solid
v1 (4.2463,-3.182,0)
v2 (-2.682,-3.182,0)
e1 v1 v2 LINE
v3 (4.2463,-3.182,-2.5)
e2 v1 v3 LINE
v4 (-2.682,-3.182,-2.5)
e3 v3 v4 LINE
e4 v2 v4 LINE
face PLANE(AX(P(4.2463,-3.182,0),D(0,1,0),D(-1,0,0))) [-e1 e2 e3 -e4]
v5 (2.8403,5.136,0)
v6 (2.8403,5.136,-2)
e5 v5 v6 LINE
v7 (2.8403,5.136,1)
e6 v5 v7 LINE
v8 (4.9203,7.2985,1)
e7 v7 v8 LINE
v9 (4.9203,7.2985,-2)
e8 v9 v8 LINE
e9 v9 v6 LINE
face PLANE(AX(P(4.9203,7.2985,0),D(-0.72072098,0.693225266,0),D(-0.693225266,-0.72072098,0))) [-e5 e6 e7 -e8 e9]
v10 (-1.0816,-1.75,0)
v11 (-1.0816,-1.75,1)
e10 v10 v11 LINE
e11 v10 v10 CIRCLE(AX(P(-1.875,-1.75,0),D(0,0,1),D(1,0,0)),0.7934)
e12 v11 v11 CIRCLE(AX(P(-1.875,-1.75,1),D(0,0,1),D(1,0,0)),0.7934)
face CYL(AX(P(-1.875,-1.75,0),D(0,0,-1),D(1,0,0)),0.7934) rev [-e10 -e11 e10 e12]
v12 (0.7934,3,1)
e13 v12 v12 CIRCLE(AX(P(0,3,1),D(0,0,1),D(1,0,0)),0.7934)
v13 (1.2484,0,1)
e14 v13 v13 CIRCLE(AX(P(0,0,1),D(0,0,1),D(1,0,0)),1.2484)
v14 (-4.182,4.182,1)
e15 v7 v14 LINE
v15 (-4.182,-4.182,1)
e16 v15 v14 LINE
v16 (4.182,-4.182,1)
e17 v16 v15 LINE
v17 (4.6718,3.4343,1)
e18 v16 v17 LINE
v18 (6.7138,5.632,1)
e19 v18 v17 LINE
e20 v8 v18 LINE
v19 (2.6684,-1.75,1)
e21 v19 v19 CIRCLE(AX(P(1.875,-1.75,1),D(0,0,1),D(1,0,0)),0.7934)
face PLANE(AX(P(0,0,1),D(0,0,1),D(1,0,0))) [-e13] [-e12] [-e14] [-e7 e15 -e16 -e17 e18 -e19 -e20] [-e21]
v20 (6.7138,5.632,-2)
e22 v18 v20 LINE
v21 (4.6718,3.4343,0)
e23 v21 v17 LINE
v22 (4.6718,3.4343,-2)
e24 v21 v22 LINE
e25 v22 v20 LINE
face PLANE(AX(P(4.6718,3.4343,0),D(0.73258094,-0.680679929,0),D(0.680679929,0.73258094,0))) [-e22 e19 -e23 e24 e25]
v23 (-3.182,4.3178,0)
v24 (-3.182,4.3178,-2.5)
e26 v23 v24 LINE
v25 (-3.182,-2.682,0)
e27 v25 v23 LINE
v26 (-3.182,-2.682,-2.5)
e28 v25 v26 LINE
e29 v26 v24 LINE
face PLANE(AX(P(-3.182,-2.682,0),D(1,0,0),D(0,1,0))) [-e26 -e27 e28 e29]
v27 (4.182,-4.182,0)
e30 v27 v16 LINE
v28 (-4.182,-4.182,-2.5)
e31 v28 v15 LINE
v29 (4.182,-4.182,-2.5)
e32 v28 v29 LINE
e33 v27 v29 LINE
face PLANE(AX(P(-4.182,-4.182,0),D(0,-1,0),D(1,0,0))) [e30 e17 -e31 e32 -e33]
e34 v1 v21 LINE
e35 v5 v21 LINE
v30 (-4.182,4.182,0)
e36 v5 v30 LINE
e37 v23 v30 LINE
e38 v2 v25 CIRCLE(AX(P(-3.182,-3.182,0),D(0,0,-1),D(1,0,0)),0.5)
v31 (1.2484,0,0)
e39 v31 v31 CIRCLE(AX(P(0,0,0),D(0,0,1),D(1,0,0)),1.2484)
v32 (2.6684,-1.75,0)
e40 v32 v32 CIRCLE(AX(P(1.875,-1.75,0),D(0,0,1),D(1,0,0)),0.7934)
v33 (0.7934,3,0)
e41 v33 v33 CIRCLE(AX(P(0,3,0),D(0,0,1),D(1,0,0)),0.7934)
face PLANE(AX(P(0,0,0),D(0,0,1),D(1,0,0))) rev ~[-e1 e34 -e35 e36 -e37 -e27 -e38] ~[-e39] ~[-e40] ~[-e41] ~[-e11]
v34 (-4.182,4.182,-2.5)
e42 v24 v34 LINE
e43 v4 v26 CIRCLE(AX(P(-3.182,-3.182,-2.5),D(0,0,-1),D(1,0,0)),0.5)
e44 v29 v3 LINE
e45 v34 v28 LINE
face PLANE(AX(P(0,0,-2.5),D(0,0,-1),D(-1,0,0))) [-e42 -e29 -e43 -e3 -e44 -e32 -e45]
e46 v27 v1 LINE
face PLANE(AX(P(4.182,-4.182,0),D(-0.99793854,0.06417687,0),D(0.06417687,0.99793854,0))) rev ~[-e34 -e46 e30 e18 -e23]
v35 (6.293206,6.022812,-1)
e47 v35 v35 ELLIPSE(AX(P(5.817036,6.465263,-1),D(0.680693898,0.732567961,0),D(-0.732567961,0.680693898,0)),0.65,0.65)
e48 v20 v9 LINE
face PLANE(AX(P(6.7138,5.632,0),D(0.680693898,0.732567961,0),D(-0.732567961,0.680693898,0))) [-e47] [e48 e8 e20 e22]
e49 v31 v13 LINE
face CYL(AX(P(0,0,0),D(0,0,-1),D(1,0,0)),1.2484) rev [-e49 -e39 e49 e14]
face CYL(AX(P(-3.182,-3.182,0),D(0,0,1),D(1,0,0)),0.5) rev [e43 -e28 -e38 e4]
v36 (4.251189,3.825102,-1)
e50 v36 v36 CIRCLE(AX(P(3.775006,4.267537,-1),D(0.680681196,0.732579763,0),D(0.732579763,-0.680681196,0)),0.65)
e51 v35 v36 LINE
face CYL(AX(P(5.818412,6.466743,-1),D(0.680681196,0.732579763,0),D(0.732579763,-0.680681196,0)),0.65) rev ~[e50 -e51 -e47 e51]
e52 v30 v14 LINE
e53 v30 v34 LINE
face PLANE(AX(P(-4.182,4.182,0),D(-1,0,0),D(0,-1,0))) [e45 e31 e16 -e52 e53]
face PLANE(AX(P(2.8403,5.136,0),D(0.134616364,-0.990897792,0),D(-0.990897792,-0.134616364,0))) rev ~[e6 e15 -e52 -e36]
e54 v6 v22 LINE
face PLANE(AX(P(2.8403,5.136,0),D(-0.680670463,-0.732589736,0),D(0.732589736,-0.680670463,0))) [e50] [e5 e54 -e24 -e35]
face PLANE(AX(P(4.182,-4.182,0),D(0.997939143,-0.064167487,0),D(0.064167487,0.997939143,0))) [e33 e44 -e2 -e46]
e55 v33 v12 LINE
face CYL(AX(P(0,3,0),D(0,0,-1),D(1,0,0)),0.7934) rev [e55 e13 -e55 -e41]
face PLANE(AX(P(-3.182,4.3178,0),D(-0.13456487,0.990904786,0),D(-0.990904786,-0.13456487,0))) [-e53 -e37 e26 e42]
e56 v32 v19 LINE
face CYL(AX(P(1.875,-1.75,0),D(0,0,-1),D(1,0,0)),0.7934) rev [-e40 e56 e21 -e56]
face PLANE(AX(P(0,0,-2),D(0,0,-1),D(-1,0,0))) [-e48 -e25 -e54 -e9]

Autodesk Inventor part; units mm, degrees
ref_plane "YZ Plane" through (0, 0, 0) normal (1, 0, 0) x (0, 1, 0)
ref_plane "XZ Plane" through (0, 0, 0) normal (0, 1, 0) x (-1, 0, 0)
ref_plane "XY Plane" through (0, 0, 0) normal (0, 0, 1) x (1, 0, 0)
sketch "Sketch1" plane through (0, 0, 0) normal (0, 0, 1) x (1, 0, 0)
  line L0 (3.7674, 2.461) -> (4.3315, 3.068) construction
  line L1 (4.3315, 3.068) -> (2.5, 4.7697) construction
  line L2 (2.5, 4.7697) -> (2.94, 6) construction
  line L3 (2.94, 6) -> (-2, 6) construction
  line L4 (-2, 6) -> (-2, 4.0311) construction
  arc A0 (-2, 4.0311) -> (-3.182, 3.182) centre (0, 0) ccw construction
  line L5 (-3.182, 3.182) -> (-3.182, -3.182) construction
  line L6 (-3.182, -3.182) -> (3.182, -3.182) construction
  arc A1 (3.182, -3.182) -> (3.7674, 2.461) centre (0, 0) ccw construction
  circle A2 centre (0, 0) radius 1.2484
  circle A3 centre (0, 3) radius 0.7934
  circle A4 centre (1.875, -1.75) radius 0.7934
  circle A5 centre (-1.875, -1.75) radius 0.7934
  circle A6 centre (0, 0) radius 4 construction
  line L7 (-2, -4.0311) -> (-2, -3.182) construction
  arc A7 (-2, -4.0311) -> (3.182, -3.182) centre (0, 0) ccw construction
  line L8 (-2, -3.182) -> (3.182, -3.182) construction
  arc A8 (-2, 4.0311) -> (-2, -4.0311) centre (0, 0) ccw construction
  line L9 (-3.182, 3.182) -> (-4.182, 3.182) construction
  line L10 (-4.182, 3.182) -> (-4.182, 4.182) construction
  line L11 (-4.182, 4.182) -> (-3.182, 4.182) construction
  line L12 (-3.182, 4.182) -> (-3.182, 3.182) construction
  line L13 (3.182, -3.182) -> (4.182, -3.182) construction
  line L14 (4.182, -3.182) -> (4.182, -4.182) construction
  line L15 (4.182, -4.182) -> (3.182, -4.182) construction
  line L16 (3.182, -4.182) -> (3.182, -3.182) construction
  line L17 (4.182, -4.182) -> (-4.182, -4.182) construction
  line L18 (-4.182, -4.182) -> (-4.182, -3.182) construction
  line L19 (-4.182, -3.182) -> (4.182, -3.182) construction
  line L20 (4.182, -3.182) -> (4.182, -4.182) construction
  line L21 (-4.182, 4.182) -> (-3.182, 4.182) construction
  line L22 (-3.182, 4.182) -> (-3.182, -4.182) construction
  line L23 (-3.182, -4.182) -> (-4.182, -4.182) construction
  line L24 (-4.182, -4.182) -> (-4.182, 4.182) construction
  line L25 (4.3315, 3.068) -> (6.7138, 5.632) construction
  line L26 (4.3315, 3.068) -> (4.6718, 3.4343) construction
  line L27 (4.6718, 3.4343) -> (2.6832, 5.282) construction
  line L28 (6.7138, 5.632) -> (4.8824, 7.3337) construction
  line L29 (2.5, 4.7697) -> (4.8824, 7.3337) construction
  line L30 (2.8403, 5.136) -> (-3.182, 4.182) construction
  line L31 (4.6718, 3.4343) -> (4.182, -3.182) construction
  circle A9 centre (-3.182, -3.182) radius 0.5 construction
  line L32 (-4.182, 4.182) -> (-4.182, -4.182)
  line L33 (-4.182, -4.182) -> (4.182, -4.182)
  line L34 (4.182, -4.182) -> (4.6718, 3.4343)
  line L35 (6.7138, 5.632) -> (4.6718, 3.4343)
  line L36 (6.7138, 5.632) -> (4.9203, 7.2985)
  line L37 (4.9203, 7.2985) -> (2.8403, 5.136)
  line L38 (2.8403, 5.136) -> (-4.182, 4.182)
  dimension "d0" = 1
  dimension "d1" = 1
  dimension "d2" = 1
  dimension "d3" = 1
  dimension "d4" = 3.5
  dimension "d5" = 0.5
extrude "Extrusion1" add sketch "Sketch1" along normal blind 1
sketch "Sketch2" plane through (0, 0, 1) normal (0, 0, 1) x (1, 0, 0)
  circle A0 centre (0, 0) radius 1.2484
  circle A1 centre (0, 3) radius 0.7934
  line L0 (-3.182, -3.182) -> (3.182, -3.182) construction
  circle A2 centre (0, 0) radius 4 construction
  line L1 (-3.182, 3.182) -> (-3.182, -3.182) construction
  arc A3 (-2, 4.0311) -> (-2, -4.0311) centre (0, 0) ccw construction
  arc A4 (-2, 4.0311) -> (-3.182, 3.182) centre (0, 0) ccw construction
  arc A5 (3.182, -3.182) -> (3.7674, 2.461) centre (0, 0) ccw construction
  line L2 (3.7674, 2.461) -> (4.3315, 3.068) construction
  line L3 (4.3315, 3.068) -> (2.5, 4.7697) construction
  line L4 (-2, -3.182) -> (3.182, -3.182) construction
  arc A6 (-2, -4.0311) -> (3.182, -3.182) centre (0, 0) ccw construction
  line L5 (-2, -4.0311) -> (-2, -3.182) construction
  circle A7 centre (-1.875, -1.75) radius 0.7934
  line L6 (-2, 6) -> (-2, 4.0311) construction
  line L7 (2.5, 4.7697) -> (2.94, 6) construction
  line L8 (2.94, 6) -> (-2, 6) construction
  circle A8 centre (1.875, -1.75) radius 0.7934
  line L9 (-3.182, 3.182) -> (-4.182, 3.182) construction
  line L10 (-4.182, 3.182) -> (-4.182, 4.182) construction
  line L11 (-4.182, 4.182) -> (-3.182, 4.182) construction
  line L12 (-3.182, 4.182) -> (-3.182, 3.182) construction
  line L13 (3.182, -3.182) -> (4.182, -3.182) construction
  line L14 (4.182, -3.182) -> (4.182, -4.182) construction
  line L15 (4.182, -4.182) -> (3.182, -4.182) construction
  line L16 (3.182, -4.182) -> (3.182, -3.182) construction
  line L17 (4.182, -4.182) -> (-4.182, -4.182) construction
  line L18 (-4.182, -4.182) -> (-4.182, -3.182) construction
  line L19 (-4.182, -3.182) -> (4.182, -3.182) construction
  line L20 (4.182, -3.182) -> (4.182, -4.182) construction
  line L21 (-4.182, 4.182) -> (-3.182, 4.182) construction
  line L22 (-3.182, 4.182) -> (-3.182, -4.182) construction
  line L23 (-3.182, -4.182) -> (-4.182, -4.182) construction
  line L24 (-4.182, -4.182) -> (-4.182, 4.182) construction
  line L25 (4.3315, 3.068) -> (6.7138, 5.632) construction
  line L26 (4.3315, 3.068) -> (4.6718, 3.4343) construction
  line L27 (4.6718, 3.4343) -> (2.6832, 5.282) construction
  line L28 (6.7138, 5.632) -> (4.8824, 7.3337) construction
  line L29 (2.5, 4.7697) -> (4.8824, 7.3337) construction
  line L30 (2.8403, 5.136) -> (-3.182, 4.182) construction
  line L31 (4.6718, 3.4343) -> (4.182, -3.182) construction
  arc A9 (-3.182, -2.682) -> (-2.682, -3.182) centre (-3.182, -3.182) ccw
  line L32 (-4.182, 4.182) -> (-4.182, -4.182)
  line L33 (-4.182, -4.182) -> (4.182, -4.182)
  line L34 (4.182, -4.182) -> (4.6718, 3.4343)
  line L35 (6.7138, 5.632) -> (4.6718, 3.4343)
  line L36 (6.7138, 5.632) -> (4.9203, 7.2985)
  line L37 (4.9203, 7.2985) -> (2.8403, 5.136)
  line L38 (2.8403, 5.136) -> (-4.182, 4.182)
  line L39 (-3.182, -2.682) -> (-3.182, 4.3178)
  line L40 (2.8403, 5.136) -> (-4.182, 4.182) projected
  line L41 (-2.682, -3.182) -> (4.2463, -3.182)
  dimension "d8" = 1
  dimension "d9" = 1
  dimension "d10" = 1
  dimension "d11" = 1
  dimension "d12" = 3.5
  dimension "d13" = 0.5
extrude "Extrusion2" add sketch "Sketch2" along normal blind 2.5 contours A9 L41 L34 L33 L32 L38 L39
sketch "Sketch3" plane through (0, 0, 1) normal (0, 0, 1) x (1, 0, 0)
  circle A0 centre (0, 0) radius 1.2484
  circle A1 centre (0, 3) radius 0.7934
  line L0 (-3.182, -3.182) -> (3.182, -3.182) construction
  circle A2 centre (0, 0) radius 4 construction
  line L1 (-3.182, 3.182) -> (-3.182, -3.182) construction
  arc A3 (-2, 4.0311) -> (-2, -4.0311) centre (0, 0) ccw construction
  arc A4 (-2, 4.0311) -> (-3.182, 3.182) centre (0, 0) ccw construction
  arc A5 (3.182, -3.182) -> (3.7674, 2.461) centre (0, 0) ccw construction
  line L2 (3.7674, 2.461) -> (4.3315, 3.068) construction
  line L3 (4.3315, 3.068) -> (2.5, 4.7697) construction
  line L4 (-2, -3.182) -> (3.182, -3.182) construction
  arc A6 (-2, -4.0311) -> (3.182, -3.182) centre (0, 0) ccw construction
  line L5 (-2, -4.0311) -> (-2, -3.182) construction
  circle A7 centre (-1.875, -1.75) radius 0.7934
  line L6 (-2, 6) -> (-2, 4.0311) construction
  line L7 (2.5, 4.7697) -> (2.94, 6) construction
  line L8 (2.94, 6) -> (-2, 6) construction
  circle A8 centre (1.875, -1.75) radius 0.7934
  line L9 (-3.182, 3.182) -> (-4.182, 3.182) construction
  line L10 (-4.182, 3.182) -> (-4.182, 4.182) construction
  line L11 (-4.182, 4.182) -> (-3.182, 4.182) construction
  line L12 (-3.182, 4.182) -> (-3.182, 3.182) construction
  line L13 (3.182, -3.182) -> (4.182, -3.182) construction
  line L14 (4.182, -3.182) -> (4.182, -4.182) construction
  line L15 (4.182, -4.182) -> (3.182, -4.182) construction
  line L16 (3.182, -4.182) -> (3.182, -3.182) construction
  line L17 (4.182, -4.182) -> (-4.182, -4.182) construction
  line L18 (-4.182, -4.182) -> (-4.182, -3.182) construction
  line L19 (-4.182, -3.182) -> (4.182, -3.182) construction
  line L20 (4.182, -3.182) -> (4.182, -4.182) construction
  line L21 (-4.182, 4.182) -> (-3.182, 4.182) construction
  line L22 (-3.182, 4.182) -> (-3.182, -4.182) construction
  line L23 (-3.182, -4.182) -> (-4.182, -4.182) construction
  line L24 (-4.182, -4.182) -> (-4.182, 4.182) construction
  line L25 (4.3315, 3.068) -> (6.7138, 5.632) construction
  line L26 (4.3315, 3.068) -> (4.6718, 3.4343) construction
  line L27 (4.6718, 3.4343) -> (2.6832, 5.282) construction
  line L28 (6.7138, 5.632) -> (4.8824, 7.3337) construction
  line L29 (2.5, 4.7697) -> (4.8824, 7.3337) construction
  line L30 (2.8403, 5.136) -> (-3.182, 4.182) construction
  line L31 (4.6718, 3.4343) -> (4.182, -3.182) construction
  circle A9 centre (-3.182, -3.182) radius 0.5 construction
  line L32 (-4.182, 4.182) -> (-4.182, -4.182)
  line L33 (-4.182, -4.182) -> (4.182, -4.182)
  line L34 (4.182, -4.182) -> (4.6718, 3.4343)
  line L35 (6.7138, 5.632) -> (4.6718, 3.4343)
  line L36 (6.7138, 5.632) -> (4.9203, 7.2985)
  line L37 (4.9203, 7.2985) -> (2.8403, 5.136)
  line L38 (2.8403, 5.136) -> (-4.182, 4.182)
  line L39 (2.8403, 5.136) -> (-3.182, 4.3178) projected
  line L40 (4.2463, -3.182) -> (4.6718, 3.4343) projected
  line L41 (2.8403, 5.136) -> (4.6718, 3.4343)
  dimension "d16" = 1
  dimension "d17" = 1
  dimension "d18" = 1
  dimension "d19" = 1
  dimension "d20" = 3.5
  dimension "d21" = 0.5
extrude "Extrusion3" add sketch "Sketch3" along normal blind 2 contours L37 L36 L35 L41
sketch "Sketch4" plane through (4.9203, 7.2985, 3) normal (0.6807, 0.7326, 0) x (0.7326, -0.6807, 0)
  line L0 (2.4482, 2) -> (-0.0518, 2) construction
  line L1 (2.4482, 2) -> (2.4482, 0) construction
  line L2 (-0.0518, 0) -> (2.4482, 0) construction
  line L3 (-0.0518, 2) -> (-0.0518, 0) construction
  line L4 (2.4482, 0) -> (0, 0) construction
  line L5 (1.2241, 0) -> (-0.0518, 0) construction
  line L6 (-0.0518, 0) -> (-0.0518, 1) construction
  line L7 (-0.0518, 1) -> (1.2241, 1) construction
  line L8 (1.2241, 1) -> (1.2241, 0) construction
  circle A0 centre (1.2241, 1) radius 0.65
  dimension "d24" = 1.3
extrude "Extrusion4" cut sketch "Sketch4" against normal blind 3
sketch "Sketch5" plane through (0, 0, 0) normal (0, 0, -1) x (-1, 0, 0)
  line L0 (4.182, 4.182) -> (4.182, -4.182) projected
  line L1 (4.182, -4.182) -> (-4.182, -4.182) projected
  line L2 (-4.182, -4.182) -> (-4.2463, -3.182) projected
  line L3 (-4.2463, -3.182) -> (2.682, -3.182) projected
  arc A0 (2.682, -3.182) -> (3.182, -2.682) centre (3.182, -3.182) ccw projected
  line L4 (3.182, -2.682) -> (3.182, 4.3178) projected
  line L5 (3.182, 4.3178) -> (4.182, 4.182) projected
  point P0 (0, 0)
extrude "Extrusion5" add sketch "Sketch5" along normal blind 2.5
sketch "Sketch6" plane through (0, 0, 0) normal (0, 0, -1) x (-1, 0, 0)
  line L0 (-6.7138, 5.632) -> (-4.9203, 7.2985) projected
  line L1 (-4.9203, 7.2985) -> (-2.8403, 5.136) projected
  line L2 (-2.8403, 5.136) -> (-4.6718, 3.4343) projected
  line L3 (-4.6718, 3.4343) -> (-6.7138, 5.632) projected
  point P0 (0, 0)
extrude "Extrusion6" add sketch "Sketch6" along normal blind 2
sketch "Sketch7" plane through (4.9203, 7.2985, 3) normal (0.6807, 0.7326, 0) x (0.7326, -0.6807, 0)
  line L0 (2.4482, 5) -> (-0.0518, 5) projected
  circle A0 centre (1.2241, 4) radius 0.65
  point P0 (1.3634, 3)
extrude "Extrusion7" cut sketch "Sketch7" against normal blind 4
sketch "Sketch8" plane through (0, 0, 3.5) normal (0, 0, 1) x (1, 0, 0)
  line L0 (-4.9294, -4.4454) -> (7.7152, -4.4454)
  line L1 (7.7152, -4.4454) -> (7.7152, 7.9918)
  line L2 (7.7152, 7.9918) -> (-4.9294, 7.9918)
  line L3 (-4.9294, 7.9918) -> (-4.9294, -4.4454)
  point P0 (0, 0)
extrude "Extrusion8" cut sketch "Sketch8" against normal blind 2.5
properties part number "MS_Holderv11"
